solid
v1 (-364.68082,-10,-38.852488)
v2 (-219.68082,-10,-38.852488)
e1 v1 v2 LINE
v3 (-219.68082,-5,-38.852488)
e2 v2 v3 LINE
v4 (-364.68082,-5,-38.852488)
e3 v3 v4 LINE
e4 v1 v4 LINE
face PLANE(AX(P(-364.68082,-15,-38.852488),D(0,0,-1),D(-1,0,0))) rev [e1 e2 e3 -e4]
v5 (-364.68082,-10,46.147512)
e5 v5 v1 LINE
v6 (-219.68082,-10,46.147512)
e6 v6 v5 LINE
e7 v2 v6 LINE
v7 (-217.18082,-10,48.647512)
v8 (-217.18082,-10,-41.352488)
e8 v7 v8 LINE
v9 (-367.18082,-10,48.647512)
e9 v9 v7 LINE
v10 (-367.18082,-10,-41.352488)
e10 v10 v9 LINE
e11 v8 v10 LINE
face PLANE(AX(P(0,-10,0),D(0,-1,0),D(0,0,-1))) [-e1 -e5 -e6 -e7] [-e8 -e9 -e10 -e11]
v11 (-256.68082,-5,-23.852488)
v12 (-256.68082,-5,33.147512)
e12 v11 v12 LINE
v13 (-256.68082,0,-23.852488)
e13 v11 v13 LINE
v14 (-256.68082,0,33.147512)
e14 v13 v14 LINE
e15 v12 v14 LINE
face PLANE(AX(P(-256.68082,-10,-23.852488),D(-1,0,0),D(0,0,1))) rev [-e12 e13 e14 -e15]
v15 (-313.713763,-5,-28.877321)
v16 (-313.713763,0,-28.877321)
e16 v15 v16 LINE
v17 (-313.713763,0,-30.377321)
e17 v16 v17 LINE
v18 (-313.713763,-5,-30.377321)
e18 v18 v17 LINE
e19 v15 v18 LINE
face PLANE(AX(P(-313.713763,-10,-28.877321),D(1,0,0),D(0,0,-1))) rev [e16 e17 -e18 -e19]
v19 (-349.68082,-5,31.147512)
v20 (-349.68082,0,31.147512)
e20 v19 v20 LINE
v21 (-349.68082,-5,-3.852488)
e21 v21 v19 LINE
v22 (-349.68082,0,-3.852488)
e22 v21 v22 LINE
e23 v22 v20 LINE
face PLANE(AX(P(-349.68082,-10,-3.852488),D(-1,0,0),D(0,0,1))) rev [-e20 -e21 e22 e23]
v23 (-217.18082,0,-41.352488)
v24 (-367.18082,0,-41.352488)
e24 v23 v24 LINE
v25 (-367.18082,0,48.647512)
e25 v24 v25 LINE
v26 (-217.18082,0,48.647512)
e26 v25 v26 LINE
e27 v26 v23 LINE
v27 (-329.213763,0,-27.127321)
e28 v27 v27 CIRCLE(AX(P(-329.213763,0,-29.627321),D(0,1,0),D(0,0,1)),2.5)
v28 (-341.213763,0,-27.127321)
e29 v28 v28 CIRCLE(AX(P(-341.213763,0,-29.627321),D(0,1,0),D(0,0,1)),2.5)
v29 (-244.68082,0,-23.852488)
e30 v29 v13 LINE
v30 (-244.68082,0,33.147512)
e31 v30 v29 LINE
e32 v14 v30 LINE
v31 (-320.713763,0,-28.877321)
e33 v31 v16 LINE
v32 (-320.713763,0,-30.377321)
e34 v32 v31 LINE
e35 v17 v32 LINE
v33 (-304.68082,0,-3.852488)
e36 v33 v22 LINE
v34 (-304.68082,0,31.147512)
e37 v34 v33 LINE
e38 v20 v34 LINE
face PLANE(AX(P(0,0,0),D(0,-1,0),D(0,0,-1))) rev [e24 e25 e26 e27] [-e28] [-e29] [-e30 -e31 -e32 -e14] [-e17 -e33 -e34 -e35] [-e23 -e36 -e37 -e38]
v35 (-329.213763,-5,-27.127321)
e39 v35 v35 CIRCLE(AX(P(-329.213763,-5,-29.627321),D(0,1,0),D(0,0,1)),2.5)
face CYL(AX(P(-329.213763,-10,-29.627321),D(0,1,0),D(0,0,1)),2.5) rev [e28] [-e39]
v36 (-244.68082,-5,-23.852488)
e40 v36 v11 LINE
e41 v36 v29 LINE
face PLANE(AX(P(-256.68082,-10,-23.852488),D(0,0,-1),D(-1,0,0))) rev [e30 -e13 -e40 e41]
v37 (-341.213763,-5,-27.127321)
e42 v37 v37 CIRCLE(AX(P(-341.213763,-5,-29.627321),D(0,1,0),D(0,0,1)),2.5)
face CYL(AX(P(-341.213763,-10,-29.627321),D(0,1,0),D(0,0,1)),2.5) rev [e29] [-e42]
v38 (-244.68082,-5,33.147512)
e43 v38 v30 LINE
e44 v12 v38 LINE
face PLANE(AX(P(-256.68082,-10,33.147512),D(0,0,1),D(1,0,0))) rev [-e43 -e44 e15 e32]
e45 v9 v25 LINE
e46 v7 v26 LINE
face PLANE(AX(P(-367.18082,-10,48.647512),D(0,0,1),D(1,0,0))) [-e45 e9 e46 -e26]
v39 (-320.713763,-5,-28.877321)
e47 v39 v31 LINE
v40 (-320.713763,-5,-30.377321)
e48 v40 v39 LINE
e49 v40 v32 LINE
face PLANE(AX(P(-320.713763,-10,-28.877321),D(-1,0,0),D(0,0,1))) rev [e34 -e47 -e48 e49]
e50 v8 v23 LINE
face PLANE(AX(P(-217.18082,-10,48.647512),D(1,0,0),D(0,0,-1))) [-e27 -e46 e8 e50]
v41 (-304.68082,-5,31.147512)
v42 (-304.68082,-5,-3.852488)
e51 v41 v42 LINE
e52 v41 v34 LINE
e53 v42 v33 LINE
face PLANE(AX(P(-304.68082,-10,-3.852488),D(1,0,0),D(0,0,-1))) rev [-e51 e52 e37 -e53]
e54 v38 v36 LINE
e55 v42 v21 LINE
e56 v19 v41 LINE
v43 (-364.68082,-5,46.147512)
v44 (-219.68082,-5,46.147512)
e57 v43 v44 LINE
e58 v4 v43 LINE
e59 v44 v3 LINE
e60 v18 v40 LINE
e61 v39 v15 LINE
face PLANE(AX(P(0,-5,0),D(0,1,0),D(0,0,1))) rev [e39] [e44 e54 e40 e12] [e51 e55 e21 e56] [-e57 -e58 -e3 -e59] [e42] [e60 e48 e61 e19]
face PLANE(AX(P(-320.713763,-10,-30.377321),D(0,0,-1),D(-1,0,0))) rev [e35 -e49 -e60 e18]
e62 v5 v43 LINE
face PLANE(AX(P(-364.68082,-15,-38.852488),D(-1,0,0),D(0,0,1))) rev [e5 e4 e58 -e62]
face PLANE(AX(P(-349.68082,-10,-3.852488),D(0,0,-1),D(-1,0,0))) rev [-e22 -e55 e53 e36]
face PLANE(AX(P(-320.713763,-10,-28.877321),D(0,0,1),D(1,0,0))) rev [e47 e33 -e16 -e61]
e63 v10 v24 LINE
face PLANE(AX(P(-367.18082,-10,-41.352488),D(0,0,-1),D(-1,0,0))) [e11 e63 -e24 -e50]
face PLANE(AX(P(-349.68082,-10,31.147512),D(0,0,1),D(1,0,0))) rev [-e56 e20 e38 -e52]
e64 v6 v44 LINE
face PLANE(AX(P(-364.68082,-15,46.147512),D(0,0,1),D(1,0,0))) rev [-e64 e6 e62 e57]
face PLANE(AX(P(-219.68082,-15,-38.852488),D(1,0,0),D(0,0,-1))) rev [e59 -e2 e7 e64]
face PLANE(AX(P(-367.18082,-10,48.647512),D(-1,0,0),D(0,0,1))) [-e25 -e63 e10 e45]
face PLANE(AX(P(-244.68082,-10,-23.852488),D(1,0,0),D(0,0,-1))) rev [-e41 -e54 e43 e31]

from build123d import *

# Parameters (mm, degrees)
SKETCH6_W           = 150
SKETCH6_H           = 90
BOSS_EXTRUDE1_DEPTH = 10
SKETCH7_W           = 145
SKETCH7_H           = 85
CUT_EXTRUDE1_DEPTH  = 10
SKETCH2_W           = 45
SKETCH2_H           = 35
CUT_EXTRUDE2_DEPTH  = 10
SKETCH4_R           = 2.5
CUT_EXTRUDE3_DEPTH  = 10
SKETCH5_W           = 7
SKETCH5_H           = 1.5
CUT_EXTRUDE4_DEPTH  = 10
SKETCH3_W           = 12
SKETCH3_H           = 57
CUT_EXTRUDE5_DEPTH  = 10


with BuildPart() as part:
    # Sketch6 → Boss-Extrude1 (new body)
    with BuildSketch(Plane(origin=(0, 0, 0), x_dir=(1, 0, 0), z_dir=(0, 1, 0))):
        with Locations((-292.180819859, -3.647511649)):
            Rectangle(SKETCH6_W, SKETCH6_H)
    extrude(amount=-BOSS_EXTRUDE1_DEPTH)

    # Sketch7 → Cut-Extrude1 (cut)
    with BuildSketch(Plane(origin=(0, -5, 0), x_dir=(1, 0, 0), z_dir=(0, 1, 0))):
        with Locations((-292.180819859, -3.647511649)):
            Rectangle(SKETCH7_W, SKETCH7_H)
    extrude(amount=-CUT_EXTRUDE1_DEPTH, mode=Mode.SUBTRACT)

    # Sketch2 → Cut-Extrude2 (cut)
    with BuildSketch(Plane(origin=(0, 0, 0), x_dir=(1, 0, 0), z_dir=(0, 1, 0))):
        with Locations((-327.180819859, -13.647511649)):
            Rectangle(SKETCH2_W, SKETCH2_H)
    extrude(amount=-CUT_EXTRUDE2_DEPTH, mode=Mode.SUBTRACT)

    # Sketch4 → Cut-Extrude3 (cut)
    with BuildSketch(Plane(origin=(0, 0, 0), x_dir=(1, 0, 0), z_dir=(0, 1, 0))):
        with Locations(Location((-341.213762503, 29.627320544, 0), (0, 0, 270))):
            Circle(SKETCH4_R)
        with Locations(Location((-329.213762503, 29.627320544, 0), (0, 0, 270))):
            Circle(SKETCH4_R)
    extrude(amount=-CUT_EXTRUDE3_DEPTH, mode=Mode.SUBTRACT)

    # Sketch5 → Cut-Extrude4 (cut)
    with BuildSketch(Plane(origin=(0, 0, 0), x_dir=(1, 0, 0), z_dir=(0, 1, 0))):
        with Locations((-317.213762503, 29.627320544)):
            Rectangle(SKETCH5_W, SKETCH5_H)
    extrude(amount=-CUT_EXTRUDE4_DEPTH, mode=Mode.SUBTRACT)

    # Sketch3 → Cut-Extrude5 (cut)
    with BuildSketch(Plane(origin=(0, 0, 0), x_dir=(1, 0, 0), z_dir=(0, 1, 0))):
        with Locations((-250.680819859, -4.647511649)):
            Rectangle(SKETCH3_W, SKETCH3_H)
    extrude(amount=-CUT_EXTRUDE5_DEPTH, mode=Mode.SUBTRACT)


solid = part.part
